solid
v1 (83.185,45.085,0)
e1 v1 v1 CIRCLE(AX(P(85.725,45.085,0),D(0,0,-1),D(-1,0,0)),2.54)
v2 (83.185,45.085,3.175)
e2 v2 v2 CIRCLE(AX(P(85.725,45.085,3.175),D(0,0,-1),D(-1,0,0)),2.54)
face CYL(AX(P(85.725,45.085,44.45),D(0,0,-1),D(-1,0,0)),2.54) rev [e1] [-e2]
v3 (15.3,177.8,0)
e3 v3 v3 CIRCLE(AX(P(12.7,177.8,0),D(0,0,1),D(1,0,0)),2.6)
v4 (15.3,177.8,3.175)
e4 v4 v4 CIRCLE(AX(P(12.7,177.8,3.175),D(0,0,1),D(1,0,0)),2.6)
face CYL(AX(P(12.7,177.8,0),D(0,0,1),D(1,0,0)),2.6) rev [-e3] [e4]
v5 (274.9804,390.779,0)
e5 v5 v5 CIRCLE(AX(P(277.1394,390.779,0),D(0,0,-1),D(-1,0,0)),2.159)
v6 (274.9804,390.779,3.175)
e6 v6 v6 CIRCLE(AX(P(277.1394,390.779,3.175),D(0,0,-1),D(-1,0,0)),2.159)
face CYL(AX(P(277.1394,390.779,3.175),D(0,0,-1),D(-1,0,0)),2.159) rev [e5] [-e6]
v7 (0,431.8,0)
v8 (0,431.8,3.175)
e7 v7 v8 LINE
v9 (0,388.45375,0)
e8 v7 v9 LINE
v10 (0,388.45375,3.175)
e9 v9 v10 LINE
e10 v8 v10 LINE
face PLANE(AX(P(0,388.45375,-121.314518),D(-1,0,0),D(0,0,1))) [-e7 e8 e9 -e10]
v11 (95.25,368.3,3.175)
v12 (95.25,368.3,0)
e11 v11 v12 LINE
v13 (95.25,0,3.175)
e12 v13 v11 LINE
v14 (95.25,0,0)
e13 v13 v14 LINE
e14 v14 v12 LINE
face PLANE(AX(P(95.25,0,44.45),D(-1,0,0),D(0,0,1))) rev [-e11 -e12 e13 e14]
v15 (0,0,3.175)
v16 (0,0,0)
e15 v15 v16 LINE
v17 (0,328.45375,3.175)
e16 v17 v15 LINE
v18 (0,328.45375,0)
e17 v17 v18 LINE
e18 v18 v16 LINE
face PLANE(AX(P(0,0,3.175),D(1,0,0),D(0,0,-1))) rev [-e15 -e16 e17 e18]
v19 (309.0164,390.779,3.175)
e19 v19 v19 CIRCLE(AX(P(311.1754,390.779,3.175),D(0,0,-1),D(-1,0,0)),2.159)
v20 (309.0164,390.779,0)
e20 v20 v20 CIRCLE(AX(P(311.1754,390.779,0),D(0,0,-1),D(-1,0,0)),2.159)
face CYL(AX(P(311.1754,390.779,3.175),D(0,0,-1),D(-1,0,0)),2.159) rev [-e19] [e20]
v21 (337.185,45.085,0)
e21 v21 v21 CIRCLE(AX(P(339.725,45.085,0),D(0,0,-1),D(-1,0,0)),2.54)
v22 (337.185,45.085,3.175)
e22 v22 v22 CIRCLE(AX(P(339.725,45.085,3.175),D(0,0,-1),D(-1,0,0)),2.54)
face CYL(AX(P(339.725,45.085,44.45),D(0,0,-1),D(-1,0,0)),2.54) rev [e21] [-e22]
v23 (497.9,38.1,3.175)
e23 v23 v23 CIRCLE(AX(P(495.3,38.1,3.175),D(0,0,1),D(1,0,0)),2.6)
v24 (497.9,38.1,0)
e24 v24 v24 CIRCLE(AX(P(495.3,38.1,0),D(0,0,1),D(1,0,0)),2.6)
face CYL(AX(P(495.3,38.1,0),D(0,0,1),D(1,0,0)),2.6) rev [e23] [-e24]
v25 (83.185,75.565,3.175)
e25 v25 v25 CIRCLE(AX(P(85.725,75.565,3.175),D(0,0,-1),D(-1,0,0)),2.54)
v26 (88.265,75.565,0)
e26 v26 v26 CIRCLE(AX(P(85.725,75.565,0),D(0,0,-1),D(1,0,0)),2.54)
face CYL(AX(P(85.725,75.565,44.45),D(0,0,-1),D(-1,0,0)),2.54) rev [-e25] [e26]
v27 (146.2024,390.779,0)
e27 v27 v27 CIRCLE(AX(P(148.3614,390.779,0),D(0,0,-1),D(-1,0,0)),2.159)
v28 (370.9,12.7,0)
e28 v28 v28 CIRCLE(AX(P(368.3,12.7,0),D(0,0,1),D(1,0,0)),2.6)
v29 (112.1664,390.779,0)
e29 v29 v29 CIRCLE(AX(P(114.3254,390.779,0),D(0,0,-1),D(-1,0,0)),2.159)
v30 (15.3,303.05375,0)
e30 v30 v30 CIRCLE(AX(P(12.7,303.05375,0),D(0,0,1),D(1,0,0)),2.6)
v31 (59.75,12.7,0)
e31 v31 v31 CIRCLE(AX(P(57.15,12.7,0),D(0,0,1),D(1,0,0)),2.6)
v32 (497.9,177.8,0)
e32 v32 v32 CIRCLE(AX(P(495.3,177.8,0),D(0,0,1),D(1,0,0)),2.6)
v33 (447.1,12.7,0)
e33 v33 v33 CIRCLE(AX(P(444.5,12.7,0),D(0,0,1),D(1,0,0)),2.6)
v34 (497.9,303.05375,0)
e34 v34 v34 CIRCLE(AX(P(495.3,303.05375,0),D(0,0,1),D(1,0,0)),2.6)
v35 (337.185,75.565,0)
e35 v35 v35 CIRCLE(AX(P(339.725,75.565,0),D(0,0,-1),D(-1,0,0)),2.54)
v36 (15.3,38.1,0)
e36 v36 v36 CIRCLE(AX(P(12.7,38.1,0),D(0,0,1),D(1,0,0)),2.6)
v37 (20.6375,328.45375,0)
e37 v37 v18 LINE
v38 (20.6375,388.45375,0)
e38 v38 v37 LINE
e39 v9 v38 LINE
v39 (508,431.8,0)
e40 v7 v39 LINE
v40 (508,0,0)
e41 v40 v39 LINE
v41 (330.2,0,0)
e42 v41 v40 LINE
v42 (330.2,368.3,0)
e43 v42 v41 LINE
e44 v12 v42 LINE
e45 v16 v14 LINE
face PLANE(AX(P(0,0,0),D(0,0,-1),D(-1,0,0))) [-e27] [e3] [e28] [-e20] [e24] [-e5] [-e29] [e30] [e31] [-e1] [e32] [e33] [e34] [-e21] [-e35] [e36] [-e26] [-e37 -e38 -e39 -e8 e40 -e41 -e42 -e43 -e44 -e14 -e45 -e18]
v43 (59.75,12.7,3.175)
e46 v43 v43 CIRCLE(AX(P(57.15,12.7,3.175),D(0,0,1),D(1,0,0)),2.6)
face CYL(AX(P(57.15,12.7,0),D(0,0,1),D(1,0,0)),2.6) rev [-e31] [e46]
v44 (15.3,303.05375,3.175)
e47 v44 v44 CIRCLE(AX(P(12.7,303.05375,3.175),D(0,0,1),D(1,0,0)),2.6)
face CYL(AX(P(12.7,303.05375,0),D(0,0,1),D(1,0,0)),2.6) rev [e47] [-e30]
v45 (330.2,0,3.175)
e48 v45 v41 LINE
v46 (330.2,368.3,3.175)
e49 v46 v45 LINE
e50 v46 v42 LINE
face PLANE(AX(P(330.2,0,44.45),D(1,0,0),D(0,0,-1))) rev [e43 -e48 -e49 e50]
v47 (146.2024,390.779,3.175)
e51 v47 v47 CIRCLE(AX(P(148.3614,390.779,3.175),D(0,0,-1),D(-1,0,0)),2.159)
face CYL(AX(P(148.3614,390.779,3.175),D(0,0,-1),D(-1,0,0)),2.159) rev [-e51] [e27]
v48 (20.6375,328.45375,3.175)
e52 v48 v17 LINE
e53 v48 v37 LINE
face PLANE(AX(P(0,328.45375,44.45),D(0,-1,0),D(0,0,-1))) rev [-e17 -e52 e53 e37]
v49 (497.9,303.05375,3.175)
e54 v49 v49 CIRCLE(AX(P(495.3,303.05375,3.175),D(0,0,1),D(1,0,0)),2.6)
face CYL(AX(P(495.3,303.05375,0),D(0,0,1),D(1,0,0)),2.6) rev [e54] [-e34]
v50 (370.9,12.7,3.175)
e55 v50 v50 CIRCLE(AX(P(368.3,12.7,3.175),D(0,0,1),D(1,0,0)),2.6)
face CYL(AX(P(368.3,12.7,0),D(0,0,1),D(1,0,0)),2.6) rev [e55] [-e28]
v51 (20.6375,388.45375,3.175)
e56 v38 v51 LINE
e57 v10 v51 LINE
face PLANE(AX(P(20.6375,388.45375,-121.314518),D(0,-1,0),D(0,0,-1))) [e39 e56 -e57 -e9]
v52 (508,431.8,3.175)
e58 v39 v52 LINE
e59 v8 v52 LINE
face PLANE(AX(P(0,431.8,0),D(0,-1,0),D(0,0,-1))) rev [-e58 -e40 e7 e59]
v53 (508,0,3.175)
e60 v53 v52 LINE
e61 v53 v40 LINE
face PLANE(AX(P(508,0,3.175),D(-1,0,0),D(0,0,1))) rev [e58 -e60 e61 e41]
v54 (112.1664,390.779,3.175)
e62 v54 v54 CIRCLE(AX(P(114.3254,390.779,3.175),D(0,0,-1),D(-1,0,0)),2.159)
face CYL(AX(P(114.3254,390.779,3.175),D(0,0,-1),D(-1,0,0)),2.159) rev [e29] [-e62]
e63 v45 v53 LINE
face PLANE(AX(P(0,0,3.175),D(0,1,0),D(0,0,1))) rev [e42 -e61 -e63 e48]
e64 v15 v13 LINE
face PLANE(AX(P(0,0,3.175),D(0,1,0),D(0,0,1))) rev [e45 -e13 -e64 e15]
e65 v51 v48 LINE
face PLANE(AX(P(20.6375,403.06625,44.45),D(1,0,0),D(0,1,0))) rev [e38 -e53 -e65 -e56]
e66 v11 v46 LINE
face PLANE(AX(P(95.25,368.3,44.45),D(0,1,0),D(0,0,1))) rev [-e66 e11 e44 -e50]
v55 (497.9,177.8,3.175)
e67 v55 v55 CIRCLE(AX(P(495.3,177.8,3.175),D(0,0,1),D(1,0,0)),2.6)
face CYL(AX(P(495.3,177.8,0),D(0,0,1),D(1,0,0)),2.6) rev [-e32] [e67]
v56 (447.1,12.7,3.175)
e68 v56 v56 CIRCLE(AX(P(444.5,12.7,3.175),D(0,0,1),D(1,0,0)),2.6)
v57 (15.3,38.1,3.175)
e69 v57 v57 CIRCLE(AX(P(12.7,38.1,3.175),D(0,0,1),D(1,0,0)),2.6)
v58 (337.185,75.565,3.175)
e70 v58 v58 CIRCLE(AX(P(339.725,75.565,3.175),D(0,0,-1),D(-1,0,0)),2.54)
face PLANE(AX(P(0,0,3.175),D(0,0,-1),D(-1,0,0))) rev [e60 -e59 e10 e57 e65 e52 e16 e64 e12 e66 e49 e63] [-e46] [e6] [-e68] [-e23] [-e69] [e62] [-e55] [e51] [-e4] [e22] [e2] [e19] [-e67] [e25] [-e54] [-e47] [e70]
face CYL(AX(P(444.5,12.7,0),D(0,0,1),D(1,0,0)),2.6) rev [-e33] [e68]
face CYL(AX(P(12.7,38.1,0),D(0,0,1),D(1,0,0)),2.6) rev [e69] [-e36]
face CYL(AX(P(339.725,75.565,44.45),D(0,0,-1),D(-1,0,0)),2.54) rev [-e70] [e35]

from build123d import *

# Parameters (mm, degrees)
SKETCH1_W           = 508
SKETCH1_H           = 508
BOSS_EXTRUDE1_DEPTH = 3.175
SKETCH2_R           = 2.54
SKETCH2_W           = 234.95
SKETCH2_H           = 368.3
CUT_EXTRUDE1_DEPTH  = 44.45
SKETCH4_R           = 2.159
CUT_EXTRUDE3_DEPTH  = 719.427505476
SKETCH5_R           = 2.6
CUT_EXTRUDE4_DEPTH  = 719.427505476
SKETCH6_W           = 20.6375
SKETCH6_H           = 119.54625
BOSS_EXTRUDE3_DEPTH = 3.175
SKETCH7_W           = 508
SKETCH7_H           = 76.2
CUT_EXTRUDE5_DEPTH  = 719.427505476


with BuildPart() as part:
    # Sketch1 → Boss-Extrude1 (new body)
    with BuildSketch(Plane.XY):
        with Locations((254, 254)):
            Rectangle(SKETCH1_W, SKETCH1_H)
    extrude(amount=BOSS_EXTRUDE1_DEPTH)

    # Sketch2 → Cut-Extrude1 (cut)
    with BuildSketch(Plane(origin=(0, 0, 0), x_dir=(-1, 0, 0), z_dir=(0, 0, -1))):
        with Locations((-339.725, 45.085)):
            Circle(SKETCH2_R)
        with Locations((-85.725, 45.085)):
            Circle(SKETCH2_R)
        with Locations((-339.725, 75.565)):
            Circle(SKETCH2_R)
        with Locations((-85.725, 75.565)):
            Circle(SKETCH2_R)
        with Locations((-212.725, 184.15)):
            Rectangle(SKETCH2_W, SKETCH2_H)
        Polygon((0, 403.06625), (0, 328.45375), (-20.6375, 328.45375), (-20.6375, 403.06625), (-20.6375, 508), (0, 508), align=None)
    extrude(amount=-CUT_EXTRUDE1_DEPTH, mode=Mode.SUBTRACT)

    # Sketch4 → Cut-Extrude3 (cut, through all)
    with BuildSketch(Plane(origin=(0, 0, 0), x_dir=(-1, 0, 0), z_dir=(0, 0, -1))):
        with Locations((-311.1754, 390.779)):
            Circle(SKETCH4_R)
        with Locations((-277.1394, 390.779)):
            Circle(SKETCH4_R)
        with Locations((-148.3614, 390.779)):
            Circle(SKETCH4_R)
        with Locations((-114.3254, 390.779)):
            Circle(SKETCH4_R)
    extrude(amount=-CUT_EXTRUDE3_DEPTH, mode=Mode.SUBTRACT)

    # Sketch5 → Cut-Extrude4 (cut, through all)
    with BuildSketch(Plane.XY.offset(3.175)):
        with Locations((12.7, 303.05375)):
            Circle(SKETCH5_R)
        with Locations((12.7, 177.8)):
            Circle(SKETCH5_R)
        with Locations((12.7, 38.1)):
            Circle(SKETCH5_R)
        with Locations((495.3, 38.1)):
            Circle(SKETCH5_R)
        with Locations((495.3, 177.8)):
            Circle(SKETCH5_R)
        with Locations((495.3, 303.05375)):
            Circle(SKETCH5_R)
        with Locations((495.3, 469.9)):
            Circle(SKETCH5_R)
        with Locations((57.15, 12.7)):
            Circle(SKETCH5_R)
        with Locations((368.3, 12.7)):
            Circle(SKETCH5_R)
        with Locations((444.5, 12.7)):
            Circle(SKETCH5_R)
        with Locations((33.3375, 495.3)):
            Circle(SKETCH5_R)
        with Locations((469.9, 495.3)):
            Circle(SKETCH5_R)
    extrude(amount=-CUT_EXTRUDE4_DEPTH, mode=Mode.SUBTRACT)

    # Sketch6 → Boss-Extrude3 (add)
    with BuildSketch(Plane.XY.offset(3.175)):
        with Locations((10.31875, 448.226875)):
            Rectangle(SKETCH6_W, SKETCH6_H)
    extrude(amount=-BOSS_EXTRUDE3_DEPTH)

    # Sketch7 → Cut-Extrude5 (cut, through all)
    with BuildSketch(Plane.XY.offset(3.175)):
        with Locations((254, 469.9)):
            Rectangle(SKETCH7_W, SKETCH7_H)
    extrude(amount=-CUT_EXTRUDE5_DEPTH, mode=Mode.SUBTRACT)


solid = part.part
